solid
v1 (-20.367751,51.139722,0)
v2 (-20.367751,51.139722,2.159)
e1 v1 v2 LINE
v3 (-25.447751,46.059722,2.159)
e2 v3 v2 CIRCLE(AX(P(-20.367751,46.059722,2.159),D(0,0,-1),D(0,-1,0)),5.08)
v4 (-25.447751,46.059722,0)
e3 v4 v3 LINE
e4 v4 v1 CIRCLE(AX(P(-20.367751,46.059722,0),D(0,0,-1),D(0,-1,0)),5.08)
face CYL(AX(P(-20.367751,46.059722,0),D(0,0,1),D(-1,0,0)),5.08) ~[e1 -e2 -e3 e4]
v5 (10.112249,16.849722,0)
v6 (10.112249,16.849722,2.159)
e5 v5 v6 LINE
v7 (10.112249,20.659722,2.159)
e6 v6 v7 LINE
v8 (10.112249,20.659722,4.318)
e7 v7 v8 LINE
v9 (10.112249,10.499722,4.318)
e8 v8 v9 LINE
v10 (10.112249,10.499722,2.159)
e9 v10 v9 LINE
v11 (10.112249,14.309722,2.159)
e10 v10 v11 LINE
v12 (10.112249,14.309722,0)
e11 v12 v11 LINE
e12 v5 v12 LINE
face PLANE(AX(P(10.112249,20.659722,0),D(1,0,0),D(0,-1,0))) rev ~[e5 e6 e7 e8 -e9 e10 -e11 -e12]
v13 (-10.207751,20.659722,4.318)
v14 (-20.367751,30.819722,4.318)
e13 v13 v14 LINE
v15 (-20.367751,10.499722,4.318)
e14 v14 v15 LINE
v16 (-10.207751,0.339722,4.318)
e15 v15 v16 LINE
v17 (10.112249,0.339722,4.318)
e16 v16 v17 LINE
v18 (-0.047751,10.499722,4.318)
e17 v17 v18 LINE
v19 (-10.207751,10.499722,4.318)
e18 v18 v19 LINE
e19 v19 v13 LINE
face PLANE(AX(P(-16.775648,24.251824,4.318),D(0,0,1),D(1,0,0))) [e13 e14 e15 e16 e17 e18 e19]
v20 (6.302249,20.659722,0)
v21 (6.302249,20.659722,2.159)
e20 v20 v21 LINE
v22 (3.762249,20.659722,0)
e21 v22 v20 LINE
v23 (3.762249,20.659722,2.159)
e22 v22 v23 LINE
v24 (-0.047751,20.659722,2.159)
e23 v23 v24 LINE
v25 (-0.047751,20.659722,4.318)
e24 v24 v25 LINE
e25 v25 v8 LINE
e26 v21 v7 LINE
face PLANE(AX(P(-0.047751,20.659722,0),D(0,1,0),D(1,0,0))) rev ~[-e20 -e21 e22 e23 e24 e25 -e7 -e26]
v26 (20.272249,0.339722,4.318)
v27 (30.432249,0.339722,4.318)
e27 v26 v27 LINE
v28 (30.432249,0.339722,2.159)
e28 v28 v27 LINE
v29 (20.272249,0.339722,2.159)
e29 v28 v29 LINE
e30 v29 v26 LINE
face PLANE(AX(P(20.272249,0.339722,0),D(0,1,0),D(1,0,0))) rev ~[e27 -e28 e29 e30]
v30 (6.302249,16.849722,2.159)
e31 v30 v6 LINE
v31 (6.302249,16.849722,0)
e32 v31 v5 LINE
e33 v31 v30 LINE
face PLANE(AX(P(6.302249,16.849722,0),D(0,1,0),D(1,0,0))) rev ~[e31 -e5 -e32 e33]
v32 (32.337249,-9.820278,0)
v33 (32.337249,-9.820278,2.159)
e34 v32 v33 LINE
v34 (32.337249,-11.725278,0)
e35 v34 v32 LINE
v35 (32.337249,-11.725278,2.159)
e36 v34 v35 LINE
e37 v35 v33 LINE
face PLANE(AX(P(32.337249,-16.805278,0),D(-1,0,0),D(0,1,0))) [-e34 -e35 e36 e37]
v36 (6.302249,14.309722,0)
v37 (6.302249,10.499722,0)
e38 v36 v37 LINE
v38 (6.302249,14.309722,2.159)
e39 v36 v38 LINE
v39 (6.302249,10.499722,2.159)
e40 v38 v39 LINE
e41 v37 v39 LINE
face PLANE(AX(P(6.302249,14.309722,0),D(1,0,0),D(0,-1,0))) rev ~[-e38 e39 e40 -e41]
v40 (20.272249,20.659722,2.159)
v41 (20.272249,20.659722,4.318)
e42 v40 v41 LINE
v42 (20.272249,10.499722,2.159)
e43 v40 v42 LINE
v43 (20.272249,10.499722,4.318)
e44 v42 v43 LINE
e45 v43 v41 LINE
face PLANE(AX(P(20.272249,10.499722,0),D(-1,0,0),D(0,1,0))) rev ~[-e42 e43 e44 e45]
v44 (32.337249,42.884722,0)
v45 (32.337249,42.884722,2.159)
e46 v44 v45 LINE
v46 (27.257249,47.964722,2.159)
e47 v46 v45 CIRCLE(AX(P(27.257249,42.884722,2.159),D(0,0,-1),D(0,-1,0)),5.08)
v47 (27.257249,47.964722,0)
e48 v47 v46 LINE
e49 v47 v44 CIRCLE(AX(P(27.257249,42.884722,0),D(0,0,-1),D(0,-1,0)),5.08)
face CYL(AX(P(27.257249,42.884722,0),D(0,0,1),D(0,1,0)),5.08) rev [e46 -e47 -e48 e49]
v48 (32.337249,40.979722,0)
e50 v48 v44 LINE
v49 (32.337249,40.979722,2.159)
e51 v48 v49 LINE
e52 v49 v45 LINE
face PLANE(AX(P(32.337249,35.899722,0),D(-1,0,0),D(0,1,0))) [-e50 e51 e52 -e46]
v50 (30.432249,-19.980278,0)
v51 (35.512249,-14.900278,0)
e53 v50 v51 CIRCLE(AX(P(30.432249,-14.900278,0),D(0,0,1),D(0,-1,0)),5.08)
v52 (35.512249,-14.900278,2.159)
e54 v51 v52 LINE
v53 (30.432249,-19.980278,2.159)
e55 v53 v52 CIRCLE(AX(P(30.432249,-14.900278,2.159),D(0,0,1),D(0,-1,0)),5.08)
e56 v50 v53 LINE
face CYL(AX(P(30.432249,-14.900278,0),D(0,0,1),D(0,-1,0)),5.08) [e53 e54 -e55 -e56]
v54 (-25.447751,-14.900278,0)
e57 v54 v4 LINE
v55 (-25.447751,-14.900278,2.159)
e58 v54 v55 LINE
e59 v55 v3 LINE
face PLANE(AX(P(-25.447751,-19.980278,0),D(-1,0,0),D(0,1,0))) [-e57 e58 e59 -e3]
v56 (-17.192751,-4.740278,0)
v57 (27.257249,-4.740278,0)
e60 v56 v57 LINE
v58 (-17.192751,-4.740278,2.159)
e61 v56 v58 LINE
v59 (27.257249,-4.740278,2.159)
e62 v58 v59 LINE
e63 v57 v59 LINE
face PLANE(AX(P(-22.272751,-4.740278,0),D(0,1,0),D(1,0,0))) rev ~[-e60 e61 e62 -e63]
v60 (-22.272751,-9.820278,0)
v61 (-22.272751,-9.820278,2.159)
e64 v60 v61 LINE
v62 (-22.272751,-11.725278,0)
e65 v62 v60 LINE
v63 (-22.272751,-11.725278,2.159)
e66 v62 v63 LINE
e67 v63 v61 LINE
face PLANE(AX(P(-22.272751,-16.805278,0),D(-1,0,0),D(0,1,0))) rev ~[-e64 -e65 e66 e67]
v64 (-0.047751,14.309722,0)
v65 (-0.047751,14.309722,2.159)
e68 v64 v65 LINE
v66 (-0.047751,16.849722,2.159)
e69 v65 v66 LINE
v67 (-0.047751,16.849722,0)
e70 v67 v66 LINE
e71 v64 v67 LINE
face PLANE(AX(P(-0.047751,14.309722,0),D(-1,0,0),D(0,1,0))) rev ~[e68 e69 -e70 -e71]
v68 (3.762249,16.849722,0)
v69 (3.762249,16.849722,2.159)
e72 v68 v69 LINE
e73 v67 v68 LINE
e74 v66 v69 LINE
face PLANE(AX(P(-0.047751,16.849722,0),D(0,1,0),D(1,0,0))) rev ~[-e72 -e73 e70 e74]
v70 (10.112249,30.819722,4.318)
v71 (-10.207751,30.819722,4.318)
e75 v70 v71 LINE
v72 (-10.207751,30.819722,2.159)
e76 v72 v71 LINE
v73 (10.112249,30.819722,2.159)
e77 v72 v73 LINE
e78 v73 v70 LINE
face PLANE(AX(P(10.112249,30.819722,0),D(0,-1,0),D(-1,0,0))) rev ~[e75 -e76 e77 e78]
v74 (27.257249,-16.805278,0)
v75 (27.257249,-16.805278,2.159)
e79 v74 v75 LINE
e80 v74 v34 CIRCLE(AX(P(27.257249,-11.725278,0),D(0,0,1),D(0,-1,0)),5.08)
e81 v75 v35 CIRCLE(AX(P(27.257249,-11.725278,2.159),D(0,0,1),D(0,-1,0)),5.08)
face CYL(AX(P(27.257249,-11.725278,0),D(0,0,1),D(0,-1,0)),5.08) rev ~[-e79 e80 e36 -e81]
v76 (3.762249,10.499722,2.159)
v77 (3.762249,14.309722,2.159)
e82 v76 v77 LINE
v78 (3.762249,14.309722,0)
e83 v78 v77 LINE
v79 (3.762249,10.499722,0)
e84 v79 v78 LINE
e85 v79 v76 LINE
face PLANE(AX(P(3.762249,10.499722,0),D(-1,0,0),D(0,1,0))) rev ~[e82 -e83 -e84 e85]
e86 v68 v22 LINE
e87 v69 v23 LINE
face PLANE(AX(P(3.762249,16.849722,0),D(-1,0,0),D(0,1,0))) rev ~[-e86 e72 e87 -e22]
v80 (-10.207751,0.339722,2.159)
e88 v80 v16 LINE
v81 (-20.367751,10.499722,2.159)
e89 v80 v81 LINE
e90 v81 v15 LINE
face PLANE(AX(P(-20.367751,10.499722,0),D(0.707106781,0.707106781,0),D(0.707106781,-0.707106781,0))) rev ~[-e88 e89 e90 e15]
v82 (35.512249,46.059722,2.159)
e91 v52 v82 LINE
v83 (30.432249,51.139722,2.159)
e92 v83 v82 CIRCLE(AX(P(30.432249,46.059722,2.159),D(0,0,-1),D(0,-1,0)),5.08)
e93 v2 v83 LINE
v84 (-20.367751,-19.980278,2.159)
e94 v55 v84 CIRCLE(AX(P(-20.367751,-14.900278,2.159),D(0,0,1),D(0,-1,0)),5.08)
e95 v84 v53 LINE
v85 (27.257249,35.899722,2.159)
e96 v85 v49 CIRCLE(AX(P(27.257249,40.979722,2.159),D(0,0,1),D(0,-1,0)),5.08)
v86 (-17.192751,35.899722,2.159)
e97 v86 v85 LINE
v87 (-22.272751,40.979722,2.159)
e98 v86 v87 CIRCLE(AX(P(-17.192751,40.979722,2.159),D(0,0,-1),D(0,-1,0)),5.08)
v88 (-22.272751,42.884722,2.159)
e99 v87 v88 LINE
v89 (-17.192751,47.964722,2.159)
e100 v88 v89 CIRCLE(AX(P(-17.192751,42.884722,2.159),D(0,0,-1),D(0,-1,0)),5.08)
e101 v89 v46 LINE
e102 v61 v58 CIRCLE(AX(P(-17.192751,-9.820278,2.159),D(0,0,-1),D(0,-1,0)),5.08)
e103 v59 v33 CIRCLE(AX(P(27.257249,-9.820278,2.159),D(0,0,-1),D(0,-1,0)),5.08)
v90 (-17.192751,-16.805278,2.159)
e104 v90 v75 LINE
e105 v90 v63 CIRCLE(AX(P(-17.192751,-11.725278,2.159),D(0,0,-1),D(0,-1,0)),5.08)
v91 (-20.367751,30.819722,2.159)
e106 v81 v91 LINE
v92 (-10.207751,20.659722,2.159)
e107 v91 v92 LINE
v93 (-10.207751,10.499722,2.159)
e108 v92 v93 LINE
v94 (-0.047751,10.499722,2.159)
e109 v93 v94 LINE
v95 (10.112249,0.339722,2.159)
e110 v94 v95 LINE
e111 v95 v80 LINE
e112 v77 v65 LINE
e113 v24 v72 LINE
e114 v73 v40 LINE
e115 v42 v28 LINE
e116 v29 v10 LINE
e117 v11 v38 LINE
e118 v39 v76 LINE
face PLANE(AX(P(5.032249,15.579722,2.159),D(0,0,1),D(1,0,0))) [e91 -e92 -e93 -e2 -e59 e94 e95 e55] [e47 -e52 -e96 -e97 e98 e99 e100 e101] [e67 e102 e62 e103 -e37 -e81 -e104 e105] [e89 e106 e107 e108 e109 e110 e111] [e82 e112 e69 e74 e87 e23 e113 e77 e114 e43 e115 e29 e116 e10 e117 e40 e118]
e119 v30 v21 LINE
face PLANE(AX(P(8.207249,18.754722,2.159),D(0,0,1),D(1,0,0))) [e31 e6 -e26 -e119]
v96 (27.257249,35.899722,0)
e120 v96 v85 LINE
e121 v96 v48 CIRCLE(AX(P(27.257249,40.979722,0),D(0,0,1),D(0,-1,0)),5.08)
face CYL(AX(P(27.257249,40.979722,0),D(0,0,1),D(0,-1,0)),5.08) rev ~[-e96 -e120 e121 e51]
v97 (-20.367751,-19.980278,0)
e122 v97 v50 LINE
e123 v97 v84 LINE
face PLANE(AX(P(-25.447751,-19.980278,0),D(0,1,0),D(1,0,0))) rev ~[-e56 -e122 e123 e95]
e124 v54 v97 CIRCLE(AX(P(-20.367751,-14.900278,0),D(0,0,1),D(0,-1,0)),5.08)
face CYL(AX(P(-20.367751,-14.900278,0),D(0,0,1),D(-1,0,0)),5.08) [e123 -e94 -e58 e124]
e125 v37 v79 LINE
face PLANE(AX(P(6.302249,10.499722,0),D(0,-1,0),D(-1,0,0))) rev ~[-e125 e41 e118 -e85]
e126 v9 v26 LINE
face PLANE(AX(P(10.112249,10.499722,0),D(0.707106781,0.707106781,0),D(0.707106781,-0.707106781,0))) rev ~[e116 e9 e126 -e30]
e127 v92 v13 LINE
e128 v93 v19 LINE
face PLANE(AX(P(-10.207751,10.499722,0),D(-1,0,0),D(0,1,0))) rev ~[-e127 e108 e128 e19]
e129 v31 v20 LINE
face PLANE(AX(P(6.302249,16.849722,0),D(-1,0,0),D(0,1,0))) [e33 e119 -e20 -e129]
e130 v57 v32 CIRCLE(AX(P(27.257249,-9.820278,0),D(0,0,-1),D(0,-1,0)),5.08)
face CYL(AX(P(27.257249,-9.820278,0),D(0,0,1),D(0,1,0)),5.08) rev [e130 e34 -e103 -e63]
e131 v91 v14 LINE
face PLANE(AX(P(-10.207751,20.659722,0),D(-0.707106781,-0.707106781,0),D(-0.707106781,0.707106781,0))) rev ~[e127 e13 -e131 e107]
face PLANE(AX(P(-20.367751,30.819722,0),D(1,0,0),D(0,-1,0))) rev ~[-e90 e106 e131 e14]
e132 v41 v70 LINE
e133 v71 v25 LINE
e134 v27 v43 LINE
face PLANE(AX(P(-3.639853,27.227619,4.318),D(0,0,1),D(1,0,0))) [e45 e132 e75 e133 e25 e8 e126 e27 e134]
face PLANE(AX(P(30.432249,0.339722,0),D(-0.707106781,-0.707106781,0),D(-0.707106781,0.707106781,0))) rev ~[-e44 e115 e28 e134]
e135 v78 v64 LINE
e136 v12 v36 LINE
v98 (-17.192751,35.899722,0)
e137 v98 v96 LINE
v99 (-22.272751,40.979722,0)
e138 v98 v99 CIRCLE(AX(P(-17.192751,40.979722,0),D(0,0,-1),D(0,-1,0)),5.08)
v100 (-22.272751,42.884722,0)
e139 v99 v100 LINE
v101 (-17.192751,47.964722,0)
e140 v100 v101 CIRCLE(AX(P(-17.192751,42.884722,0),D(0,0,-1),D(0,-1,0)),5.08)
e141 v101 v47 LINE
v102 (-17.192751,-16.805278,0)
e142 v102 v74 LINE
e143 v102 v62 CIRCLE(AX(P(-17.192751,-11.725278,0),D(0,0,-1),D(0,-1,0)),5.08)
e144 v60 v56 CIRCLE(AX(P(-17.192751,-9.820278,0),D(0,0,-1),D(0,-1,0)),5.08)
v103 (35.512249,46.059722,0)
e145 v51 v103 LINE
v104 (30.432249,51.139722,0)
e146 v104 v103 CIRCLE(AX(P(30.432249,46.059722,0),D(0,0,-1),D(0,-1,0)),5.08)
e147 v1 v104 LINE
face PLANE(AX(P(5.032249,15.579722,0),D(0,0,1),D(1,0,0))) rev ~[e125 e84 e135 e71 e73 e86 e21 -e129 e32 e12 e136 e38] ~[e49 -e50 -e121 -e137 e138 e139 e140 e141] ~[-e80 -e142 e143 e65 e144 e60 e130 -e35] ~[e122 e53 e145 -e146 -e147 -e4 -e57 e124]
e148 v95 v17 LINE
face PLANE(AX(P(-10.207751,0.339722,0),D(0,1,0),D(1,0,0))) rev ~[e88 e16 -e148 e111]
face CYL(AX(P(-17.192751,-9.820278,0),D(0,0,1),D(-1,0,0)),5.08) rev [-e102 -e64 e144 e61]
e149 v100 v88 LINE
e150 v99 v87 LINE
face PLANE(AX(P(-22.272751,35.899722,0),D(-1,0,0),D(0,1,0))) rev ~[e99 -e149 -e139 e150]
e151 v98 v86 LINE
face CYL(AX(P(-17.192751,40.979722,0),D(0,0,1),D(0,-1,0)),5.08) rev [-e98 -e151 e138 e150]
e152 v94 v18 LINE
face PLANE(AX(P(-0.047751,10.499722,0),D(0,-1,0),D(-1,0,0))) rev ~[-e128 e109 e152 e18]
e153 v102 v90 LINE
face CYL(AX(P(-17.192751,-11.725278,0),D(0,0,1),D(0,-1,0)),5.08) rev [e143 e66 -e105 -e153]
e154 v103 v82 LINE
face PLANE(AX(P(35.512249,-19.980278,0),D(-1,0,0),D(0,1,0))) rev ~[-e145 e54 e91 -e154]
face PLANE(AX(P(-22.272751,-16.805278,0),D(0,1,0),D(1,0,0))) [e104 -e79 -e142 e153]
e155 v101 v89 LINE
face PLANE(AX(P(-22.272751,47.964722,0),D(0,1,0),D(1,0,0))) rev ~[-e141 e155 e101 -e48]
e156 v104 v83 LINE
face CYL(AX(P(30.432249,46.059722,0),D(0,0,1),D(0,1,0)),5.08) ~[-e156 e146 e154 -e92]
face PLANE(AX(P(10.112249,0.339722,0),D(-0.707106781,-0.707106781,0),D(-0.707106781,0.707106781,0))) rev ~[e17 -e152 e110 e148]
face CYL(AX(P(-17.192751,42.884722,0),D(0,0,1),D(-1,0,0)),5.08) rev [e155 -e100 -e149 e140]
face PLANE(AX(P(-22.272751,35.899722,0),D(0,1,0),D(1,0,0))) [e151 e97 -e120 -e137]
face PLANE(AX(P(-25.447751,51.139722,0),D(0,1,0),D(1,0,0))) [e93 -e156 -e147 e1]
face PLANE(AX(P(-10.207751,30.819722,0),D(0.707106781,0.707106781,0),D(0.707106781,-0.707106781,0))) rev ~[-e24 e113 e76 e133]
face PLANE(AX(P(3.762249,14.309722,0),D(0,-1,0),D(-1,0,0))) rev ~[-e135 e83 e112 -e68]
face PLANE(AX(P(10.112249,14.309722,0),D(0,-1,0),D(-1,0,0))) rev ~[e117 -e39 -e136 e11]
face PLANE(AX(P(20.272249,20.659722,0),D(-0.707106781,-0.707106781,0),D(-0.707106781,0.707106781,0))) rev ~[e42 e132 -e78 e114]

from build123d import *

# Parameters (mm, degrees)
F1_DEPTH = 4.318
F0_W     = 60.96
F0_H     = 71.12
F0_W_2   = 54.61
F0_H_2   = 12.065
F0_W_3   = 3.81
F0_H_3   = 3.81
F2_DEPTH = 2.159
F3_R     = 5.08


with BuildPart() as f1:
    # F0 (on Top) → F1 (new body)
    with BuildSketch(Plane.XY):
        Polygon((-10.2077507393, 20.6597218627), (-20.3677507393, 30.8197218627), (-20.3677507393, 20.6597218627), align=None)
        Polygon((-10.2077507393, 20.6597218627), (-20.3677507393, 20.6597218627), (-20.3677507393, 10.4997218627), align=None)
        Polygon((-10.2077507393, 10.4997218627), (-10.2077507393, 20.6597218627), (-20.3677507393, 10.4997218627), align=None)
        Polygon((-10.2077507393, 10.4997218627), (-20.3677507393, 10.4997218627), (-10.2077507393, 0.3397218627), align=None)
        Polygon((-0.0477507393, 10.4997218627), (-10.2077507393, 10.4997218627), (-10.2077507393, 0.3397218627), (10.1122492607, 0.3397218627), align=None)
    extrude(amount=F1_DEPTH)



with BuildPart() as f1b:
    # F0 (on Top) → F1, piece 2 (new body)
    with BuildSketch(Plane.XY):
        Polygon((-0.0477507393, 30.8197218627), (-10.2077507393, 30.8197218627), (-0.0477507393, 20.6597218627), align=None)
        Polygon((10.1122492607, 20.6597218627), (-0.0477507393, 30.8197218627), (-0.0477507393, 20.6597218627), (3.7622492607, 20.6597218627), (6.3022492607, 20.6597218627), align=None)
        Polygon((10.1122492607, 30.8197218627), (-0.0477507393, 30.8197218627), (10.1122492607, 20.6597218627), align=None)
        Polygon((20.2722492607, 20.6597218627), (10.1122492607, 30.8197218627), (10.1122492607, 20.6597218627), align=None)
        Polygon((20.2722492607, 20.6597218627), (10.1122492607, 20.6597218627), (10.1122492607, 16.8497218627), (10.1122492607, 14.3097218627), (10.1122492607, 10.4997218627), (20.2722492607, 0.3397218627), (30.4322492607, 0.3397218627), (20.2722492607, 10.4997218627), align=None)
    extrude(amount=F1_DEPTH)


with BuildPart() as f1_1:
    add(f1.part)

    add(f1b.part)  # F2 merges F1b
    # F0 (on Top) → F2 (join)
    with BuildSketch(Plane.XY):
        with Locations((5.0322492607, 15.5797218627)):
            Rectangle(F0_W, F0_H)
        Polygon((-20.3677507393, 20.6597218627), (-20.3677507393, 30.8197218627), (-10.2077507393, 20.6597218627), (-10.2077507393, 10.4997218627), (-0.0477507393, 10.4997218627), (10.1122492607, 0.3397218627), (-10.2077507393, 0.3397218627), (-20.3677507393, 10.4997218627), align=None, mode=Mode.SUBTRACT)
        with Locations((5.0322492607, -10.7727781373)):
            Rectangle(F0_W_2, F0_H_2, mode=Mode.SUBTRACT)
        with Locations((5.0322492607, 41.9322218627)):
            Rectangle(F0_W_2, F0_H_2, mode=Mode.SUBTRACT)
        Polygon((-0.0477507393, 20.6597218627), (-10.2077507393, 30.8197218627), (-0.0477507393, 30.8197218627), (10.1122492607, 30.8197218627), (20.2722492607, 20.6597218627), (20.2722492607, 10.4997218627), (30.4322492607, 0.3397218627), (20.2722492607, 0.3397218627), (10.1122492607, 10.4997218627), (10.1122492607, 14.3097218627), (6.3022492607, 14.3097218627), (6.3022492607, 10.4997218627), (3.7622492607, 10.4997218627), (3.7622492607, 14.3097218627), (-0.0477507393, 14.3097218627), (-0.0477507393, 16.8497218627), (3.7622492607, 16.8497218627), (3.7622492607, 20.6597218627), align=None, mode=Mode.SUBTRACT)
        with Locations((8.2072492607, 18.7547218627)):
            Rectangle(F0_W_3, F0_H_3)
    extrude(amount=F2_DEPTH)

    # F3
    f3_edges = [f1_1.edges().sort_by_distance(p)[0] for p in [
        (-25.447751, -19.980278, 1.0795),
        (35.512249, -19.980278, 1.0795),
        (35.512249, 51.139722, 1.0795),
        (-25.447751, 51.139722, 1.0795),
        (-22.272751, -16.805278, 1.0795),
        (-22.272751, -4.740278, 1.0795),
        (-22.272751, 47.964722, 1.0795),
        (-22.272751, 35.899722, 1.0795),
        (32.337249, -16.805278, 1.0795),
        (32.337249, 35.899722, 1.0795),
        (32.337249, 47.964722, 1.0795),
        (32.337249, -4.740278, 1.0795),
    ]]
    fillet(f3_edges, radius=F3_R)


solid = f1_1.part
